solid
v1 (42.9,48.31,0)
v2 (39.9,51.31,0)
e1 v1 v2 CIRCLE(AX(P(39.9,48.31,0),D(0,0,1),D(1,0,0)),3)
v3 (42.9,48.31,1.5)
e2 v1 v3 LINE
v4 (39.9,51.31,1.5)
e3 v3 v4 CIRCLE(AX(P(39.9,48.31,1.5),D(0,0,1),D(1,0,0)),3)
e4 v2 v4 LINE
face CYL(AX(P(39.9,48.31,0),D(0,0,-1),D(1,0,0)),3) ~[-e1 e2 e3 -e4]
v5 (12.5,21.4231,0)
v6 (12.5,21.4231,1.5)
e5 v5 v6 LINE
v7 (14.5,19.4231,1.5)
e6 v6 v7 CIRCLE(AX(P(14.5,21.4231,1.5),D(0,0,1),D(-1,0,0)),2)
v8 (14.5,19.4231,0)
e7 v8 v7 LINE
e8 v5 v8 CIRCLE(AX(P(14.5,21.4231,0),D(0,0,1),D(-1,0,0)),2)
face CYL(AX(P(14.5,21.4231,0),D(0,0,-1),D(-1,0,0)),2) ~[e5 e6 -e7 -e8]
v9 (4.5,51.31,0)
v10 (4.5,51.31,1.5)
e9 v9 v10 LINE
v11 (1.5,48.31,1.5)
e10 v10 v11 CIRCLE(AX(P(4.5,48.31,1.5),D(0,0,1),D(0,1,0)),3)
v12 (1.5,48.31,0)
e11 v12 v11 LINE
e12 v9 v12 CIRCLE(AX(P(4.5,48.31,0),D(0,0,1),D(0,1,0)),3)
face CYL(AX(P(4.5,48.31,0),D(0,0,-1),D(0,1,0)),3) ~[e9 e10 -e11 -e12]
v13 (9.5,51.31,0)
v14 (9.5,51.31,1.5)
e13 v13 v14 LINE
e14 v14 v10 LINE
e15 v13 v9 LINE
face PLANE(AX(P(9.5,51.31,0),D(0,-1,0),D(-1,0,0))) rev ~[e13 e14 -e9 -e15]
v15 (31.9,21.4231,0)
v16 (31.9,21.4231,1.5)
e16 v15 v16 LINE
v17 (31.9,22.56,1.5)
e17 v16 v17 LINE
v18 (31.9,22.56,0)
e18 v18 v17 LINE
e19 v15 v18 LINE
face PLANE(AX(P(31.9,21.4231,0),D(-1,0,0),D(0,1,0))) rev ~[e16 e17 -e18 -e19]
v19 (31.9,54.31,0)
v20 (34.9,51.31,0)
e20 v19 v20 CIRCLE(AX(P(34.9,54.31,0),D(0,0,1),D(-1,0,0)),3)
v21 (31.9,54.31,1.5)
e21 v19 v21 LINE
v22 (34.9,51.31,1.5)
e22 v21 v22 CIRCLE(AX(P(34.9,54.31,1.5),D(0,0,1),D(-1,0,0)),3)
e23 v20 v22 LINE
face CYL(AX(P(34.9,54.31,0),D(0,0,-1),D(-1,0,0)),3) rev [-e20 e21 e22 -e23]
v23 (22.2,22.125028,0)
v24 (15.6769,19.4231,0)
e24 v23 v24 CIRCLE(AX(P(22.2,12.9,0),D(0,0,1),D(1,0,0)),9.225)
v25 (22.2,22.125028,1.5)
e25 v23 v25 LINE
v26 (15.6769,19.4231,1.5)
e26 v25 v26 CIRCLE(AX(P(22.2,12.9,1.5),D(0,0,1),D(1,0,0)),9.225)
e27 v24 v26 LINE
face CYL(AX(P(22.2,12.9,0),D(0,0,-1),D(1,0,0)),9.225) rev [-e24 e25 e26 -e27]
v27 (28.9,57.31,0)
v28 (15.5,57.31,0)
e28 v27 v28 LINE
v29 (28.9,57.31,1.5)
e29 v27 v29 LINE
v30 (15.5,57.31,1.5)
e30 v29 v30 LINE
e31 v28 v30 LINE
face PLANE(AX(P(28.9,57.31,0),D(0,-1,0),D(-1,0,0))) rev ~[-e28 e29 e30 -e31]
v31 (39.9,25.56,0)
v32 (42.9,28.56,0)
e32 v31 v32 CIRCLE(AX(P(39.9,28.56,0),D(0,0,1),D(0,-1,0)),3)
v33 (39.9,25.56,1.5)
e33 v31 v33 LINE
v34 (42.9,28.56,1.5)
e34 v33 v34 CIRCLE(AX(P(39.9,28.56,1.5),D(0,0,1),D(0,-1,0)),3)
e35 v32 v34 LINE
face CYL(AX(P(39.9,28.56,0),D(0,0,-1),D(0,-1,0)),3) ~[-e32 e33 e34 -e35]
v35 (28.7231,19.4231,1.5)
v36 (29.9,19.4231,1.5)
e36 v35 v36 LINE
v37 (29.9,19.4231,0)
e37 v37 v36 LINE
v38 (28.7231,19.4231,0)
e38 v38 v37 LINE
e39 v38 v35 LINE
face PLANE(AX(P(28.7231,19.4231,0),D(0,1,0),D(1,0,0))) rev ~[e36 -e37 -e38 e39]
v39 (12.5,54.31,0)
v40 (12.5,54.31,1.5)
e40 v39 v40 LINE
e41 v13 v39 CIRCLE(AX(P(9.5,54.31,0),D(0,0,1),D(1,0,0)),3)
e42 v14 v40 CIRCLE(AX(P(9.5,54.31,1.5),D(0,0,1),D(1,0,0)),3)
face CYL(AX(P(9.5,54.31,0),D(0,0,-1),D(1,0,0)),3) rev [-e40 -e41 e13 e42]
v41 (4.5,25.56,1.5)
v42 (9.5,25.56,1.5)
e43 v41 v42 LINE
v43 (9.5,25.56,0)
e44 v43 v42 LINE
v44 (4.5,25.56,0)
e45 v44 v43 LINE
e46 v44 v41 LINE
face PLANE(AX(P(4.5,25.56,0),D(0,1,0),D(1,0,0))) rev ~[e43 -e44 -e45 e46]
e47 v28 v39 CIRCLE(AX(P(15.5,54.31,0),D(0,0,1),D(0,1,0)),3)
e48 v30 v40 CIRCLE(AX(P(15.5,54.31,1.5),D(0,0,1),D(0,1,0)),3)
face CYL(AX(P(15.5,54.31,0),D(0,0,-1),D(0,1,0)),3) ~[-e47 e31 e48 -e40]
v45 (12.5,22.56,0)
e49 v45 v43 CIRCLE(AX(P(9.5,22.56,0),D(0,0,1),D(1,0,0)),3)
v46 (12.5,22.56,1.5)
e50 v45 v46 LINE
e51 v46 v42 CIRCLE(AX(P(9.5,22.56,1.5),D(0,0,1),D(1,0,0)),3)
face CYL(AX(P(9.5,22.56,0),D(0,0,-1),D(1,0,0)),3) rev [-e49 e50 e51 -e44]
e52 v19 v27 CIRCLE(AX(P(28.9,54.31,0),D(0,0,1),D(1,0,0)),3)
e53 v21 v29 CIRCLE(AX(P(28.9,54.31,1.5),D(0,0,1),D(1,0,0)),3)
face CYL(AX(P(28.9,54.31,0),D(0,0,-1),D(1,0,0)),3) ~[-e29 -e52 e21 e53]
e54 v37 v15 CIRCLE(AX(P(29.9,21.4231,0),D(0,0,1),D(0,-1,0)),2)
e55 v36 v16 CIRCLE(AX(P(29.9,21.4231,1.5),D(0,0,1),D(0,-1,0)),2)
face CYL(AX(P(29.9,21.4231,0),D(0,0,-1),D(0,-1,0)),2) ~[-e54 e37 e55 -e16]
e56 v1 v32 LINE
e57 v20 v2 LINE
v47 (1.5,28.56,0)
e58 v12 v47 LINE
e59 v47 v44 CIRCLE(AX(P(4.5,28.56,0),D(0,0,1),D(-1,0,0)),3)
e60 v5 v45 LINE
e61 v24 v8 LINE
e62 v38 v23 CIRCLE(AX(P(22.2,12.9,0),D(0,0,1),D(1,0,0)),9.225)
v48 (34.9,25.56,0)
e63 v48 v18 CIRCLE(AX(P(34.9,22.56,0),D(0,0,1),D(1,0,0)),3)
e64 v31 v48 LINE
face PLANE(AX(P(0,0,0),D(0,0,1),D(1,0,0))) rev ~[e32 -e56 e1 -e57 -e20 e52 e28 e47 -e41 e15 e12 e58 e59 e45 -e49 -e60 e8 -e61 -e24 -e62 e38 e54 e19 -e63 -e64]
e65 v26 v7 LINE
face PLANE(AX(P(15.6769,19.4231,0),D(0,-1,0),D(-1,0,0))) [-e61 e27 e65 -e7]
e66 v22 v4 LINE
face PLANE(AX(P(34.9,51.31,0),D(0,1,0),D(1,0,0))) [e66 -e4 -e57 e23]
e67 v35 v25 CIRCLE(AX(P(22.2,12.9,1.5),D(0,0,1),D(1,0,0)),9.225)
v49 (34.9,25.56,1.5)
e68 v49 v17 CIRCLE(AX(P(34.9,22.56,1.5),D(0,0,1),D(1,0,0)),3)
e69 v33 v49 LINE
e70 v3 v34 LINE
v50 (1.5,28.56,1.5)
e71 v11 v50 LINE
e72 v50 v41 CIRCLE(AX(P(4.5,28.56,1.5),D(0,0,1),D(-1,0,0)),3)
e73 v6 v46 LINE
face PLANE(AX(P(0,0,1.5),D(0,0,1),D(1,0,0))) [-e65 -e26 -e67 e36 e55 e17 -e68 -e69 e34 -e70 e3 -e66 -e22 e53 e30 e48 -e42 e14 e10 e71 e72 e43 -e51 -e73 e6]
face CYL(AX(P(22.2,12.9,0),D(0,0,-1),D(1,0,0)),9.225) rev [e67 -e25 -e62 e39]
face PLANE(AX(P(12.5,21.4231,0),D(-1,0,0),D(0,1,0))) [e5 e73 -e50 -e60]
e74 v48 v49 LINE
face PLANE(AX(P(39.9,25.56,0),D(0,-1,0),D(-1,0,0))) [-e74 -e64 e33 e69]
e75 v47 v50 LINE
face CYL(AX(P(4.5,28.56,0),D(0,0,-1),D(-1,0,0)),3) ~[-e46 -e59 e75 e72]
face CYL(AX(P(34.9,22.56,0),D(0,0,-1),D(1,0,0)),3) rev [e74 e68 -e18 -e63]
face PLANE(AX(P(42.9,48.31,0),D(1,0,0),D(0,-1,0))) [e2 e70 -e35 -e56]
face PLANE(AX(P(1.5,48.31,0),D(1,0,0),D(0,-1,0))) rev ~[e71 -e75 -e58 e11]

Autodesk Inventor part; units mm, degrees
ref_plane "YZ Plane" through (0, 0, 0) normal (1, 0, 0) x (0, 1, 0)
ref_plane "XZ Plane" through (0, 0, 0) normal (0, 1, 0) x (-1, 0, 0)
ref_plane "XY Plane" through (0, 0, 0) normal (0, 0, 1) x (1, 0, 0)
sketch "Sketch1" plane through (0, 0, 0) normal (0, 0, 1) x (1, 0, 0)
  point P0 (0, 0)
sketch "0" plane through (0, 0, 0) normal (0, 0, 1) x (1, 0, 0)
  arc A0 (31.9, 54.31) -> (34.9, 51.31) centre (34.9, 54.31) ccw
  line L0 (34.9, 51.31) -> (39.9, 51.31)
  arc A1 (42.9, 48.31) -> (39.9, 51.31) centre (39.9, 48.31) ccw
  line L1 (42.9, 48.31) -> (42.9, 28.56)
  arc A2 (39.9, 25.56) -> (42.9, 28.56) centre (39.9, 28.56) ccw
  line L2 (39.9, 25.56) -> (34.9, 25.56)
  line L3 (15.6769, 19.4231) -> (14.5, 19.4231)
  arc A3 (12.5, 21.4231) -> (14.5, 19.4231) centre (14.5, 21.4231) ccw
  line L4 (12.5, 21.4231) -> (12.5, 22.56)
  arc A4 (12.5, 22.56) -> (9.5, 25.56) centre (9.5, 22.56) ccw
  line L5 (9.5, 51.31) -> (4.5, 51.31)
  arc A5 (4.5, 51.31) -> (1.5, 48.31) centre (4.5, 48.31) ccw
  line L6 (1.5, 48.31) -> (1.5, 28.56)
  arc A6 (1.5, 28.56) -> (4.5, 25.56) centre (4.5, 28.56) ccw
  line L7 (4.5, 25.56) -> (9.5, 25.56)
  arc A7 (31.9, 54.31) -> (28.9, 57.31) centre (28.9, 54.31) ccw
  line L8 (28.9, 57.31) -> (15.5, 57.31)
  arc A8 (15.5, 57.31) -> (12.5, 54.31) centre (15.5, 54.31) ccw
  line L9 (28.7231, 19.4231) -> (29.9, 19.4231)
  arc A9 (29.9, 19.4231) -> (31.9, 21.4231) centre (29.9, 21.4231) ccw
  line L10 (31.9, 21.4231) -> (31.9, 22.56)
  line L11 (12.705, 53.275) -> (12.705, 23.375)
  line L12 (15.805, 56.275) -> (28.595, 56.275)
  line L13 (31.595, 53.275) -> (31.595, 23.375)
  line L14 (30.345, 22.125) -> (14.055, 22.125)
  circle A10 centre (9.5, 54.31) radius 2
  circle A11 centre (9.5, 22.56) radius 2
  circle A12 centre (34.9, 22.56) radius 2
  circle A13 centre (34.9, 54.31) radius 2
  circle A14 centre (9.5, 54.31) radius 3
  circle A15 centre (9.5, 22.56) radius 3
  circle A16 centre (34.9, 22.56) radius 3
  circle A17 centre (34.9, 54.31) radius 3
  circle A18 centre (22.2, 12.9) radius 8.75
  circle A19 centre (22.2, 12.9) radius 9.225
  arc A20 (28.7231, 19.4231) -> (15.6769, 19.4231) centre (22.2, 12.9) ccw
  line L15 (22.2, 12.9) -> (28.7231, 19.4231)
  line L16 (22.2, 12.9) -> (31.425, 12.9)
  line L17 (22.2, 12.9) -> (15.6769, 19.4231)
  arc A21 (9.5, 51.31) -> (12.5, 54.31) centre (9.5, 54.31) ccw
  arc A22 (34.9, 25.56) -> (31.9, 22.56) centre (34.9, 22.56) ccw
  point P0 (31.9, 54.31)
  point P1 (12.5, 54.31)
  point P2 (4.5, 51.31)
  point P3 (1.5, 48.31)
extrude "Extrusion1" add sketch "0" along normal blind 1.5 contours A0 L0 A1 L1 A2 L2 A16 L10 A9 L9 A19 L3 A3 L4 A4 L7 A6 L6 A5 L5 A14 A8 L8 A7
properties part number "anchor-screen-cover"
